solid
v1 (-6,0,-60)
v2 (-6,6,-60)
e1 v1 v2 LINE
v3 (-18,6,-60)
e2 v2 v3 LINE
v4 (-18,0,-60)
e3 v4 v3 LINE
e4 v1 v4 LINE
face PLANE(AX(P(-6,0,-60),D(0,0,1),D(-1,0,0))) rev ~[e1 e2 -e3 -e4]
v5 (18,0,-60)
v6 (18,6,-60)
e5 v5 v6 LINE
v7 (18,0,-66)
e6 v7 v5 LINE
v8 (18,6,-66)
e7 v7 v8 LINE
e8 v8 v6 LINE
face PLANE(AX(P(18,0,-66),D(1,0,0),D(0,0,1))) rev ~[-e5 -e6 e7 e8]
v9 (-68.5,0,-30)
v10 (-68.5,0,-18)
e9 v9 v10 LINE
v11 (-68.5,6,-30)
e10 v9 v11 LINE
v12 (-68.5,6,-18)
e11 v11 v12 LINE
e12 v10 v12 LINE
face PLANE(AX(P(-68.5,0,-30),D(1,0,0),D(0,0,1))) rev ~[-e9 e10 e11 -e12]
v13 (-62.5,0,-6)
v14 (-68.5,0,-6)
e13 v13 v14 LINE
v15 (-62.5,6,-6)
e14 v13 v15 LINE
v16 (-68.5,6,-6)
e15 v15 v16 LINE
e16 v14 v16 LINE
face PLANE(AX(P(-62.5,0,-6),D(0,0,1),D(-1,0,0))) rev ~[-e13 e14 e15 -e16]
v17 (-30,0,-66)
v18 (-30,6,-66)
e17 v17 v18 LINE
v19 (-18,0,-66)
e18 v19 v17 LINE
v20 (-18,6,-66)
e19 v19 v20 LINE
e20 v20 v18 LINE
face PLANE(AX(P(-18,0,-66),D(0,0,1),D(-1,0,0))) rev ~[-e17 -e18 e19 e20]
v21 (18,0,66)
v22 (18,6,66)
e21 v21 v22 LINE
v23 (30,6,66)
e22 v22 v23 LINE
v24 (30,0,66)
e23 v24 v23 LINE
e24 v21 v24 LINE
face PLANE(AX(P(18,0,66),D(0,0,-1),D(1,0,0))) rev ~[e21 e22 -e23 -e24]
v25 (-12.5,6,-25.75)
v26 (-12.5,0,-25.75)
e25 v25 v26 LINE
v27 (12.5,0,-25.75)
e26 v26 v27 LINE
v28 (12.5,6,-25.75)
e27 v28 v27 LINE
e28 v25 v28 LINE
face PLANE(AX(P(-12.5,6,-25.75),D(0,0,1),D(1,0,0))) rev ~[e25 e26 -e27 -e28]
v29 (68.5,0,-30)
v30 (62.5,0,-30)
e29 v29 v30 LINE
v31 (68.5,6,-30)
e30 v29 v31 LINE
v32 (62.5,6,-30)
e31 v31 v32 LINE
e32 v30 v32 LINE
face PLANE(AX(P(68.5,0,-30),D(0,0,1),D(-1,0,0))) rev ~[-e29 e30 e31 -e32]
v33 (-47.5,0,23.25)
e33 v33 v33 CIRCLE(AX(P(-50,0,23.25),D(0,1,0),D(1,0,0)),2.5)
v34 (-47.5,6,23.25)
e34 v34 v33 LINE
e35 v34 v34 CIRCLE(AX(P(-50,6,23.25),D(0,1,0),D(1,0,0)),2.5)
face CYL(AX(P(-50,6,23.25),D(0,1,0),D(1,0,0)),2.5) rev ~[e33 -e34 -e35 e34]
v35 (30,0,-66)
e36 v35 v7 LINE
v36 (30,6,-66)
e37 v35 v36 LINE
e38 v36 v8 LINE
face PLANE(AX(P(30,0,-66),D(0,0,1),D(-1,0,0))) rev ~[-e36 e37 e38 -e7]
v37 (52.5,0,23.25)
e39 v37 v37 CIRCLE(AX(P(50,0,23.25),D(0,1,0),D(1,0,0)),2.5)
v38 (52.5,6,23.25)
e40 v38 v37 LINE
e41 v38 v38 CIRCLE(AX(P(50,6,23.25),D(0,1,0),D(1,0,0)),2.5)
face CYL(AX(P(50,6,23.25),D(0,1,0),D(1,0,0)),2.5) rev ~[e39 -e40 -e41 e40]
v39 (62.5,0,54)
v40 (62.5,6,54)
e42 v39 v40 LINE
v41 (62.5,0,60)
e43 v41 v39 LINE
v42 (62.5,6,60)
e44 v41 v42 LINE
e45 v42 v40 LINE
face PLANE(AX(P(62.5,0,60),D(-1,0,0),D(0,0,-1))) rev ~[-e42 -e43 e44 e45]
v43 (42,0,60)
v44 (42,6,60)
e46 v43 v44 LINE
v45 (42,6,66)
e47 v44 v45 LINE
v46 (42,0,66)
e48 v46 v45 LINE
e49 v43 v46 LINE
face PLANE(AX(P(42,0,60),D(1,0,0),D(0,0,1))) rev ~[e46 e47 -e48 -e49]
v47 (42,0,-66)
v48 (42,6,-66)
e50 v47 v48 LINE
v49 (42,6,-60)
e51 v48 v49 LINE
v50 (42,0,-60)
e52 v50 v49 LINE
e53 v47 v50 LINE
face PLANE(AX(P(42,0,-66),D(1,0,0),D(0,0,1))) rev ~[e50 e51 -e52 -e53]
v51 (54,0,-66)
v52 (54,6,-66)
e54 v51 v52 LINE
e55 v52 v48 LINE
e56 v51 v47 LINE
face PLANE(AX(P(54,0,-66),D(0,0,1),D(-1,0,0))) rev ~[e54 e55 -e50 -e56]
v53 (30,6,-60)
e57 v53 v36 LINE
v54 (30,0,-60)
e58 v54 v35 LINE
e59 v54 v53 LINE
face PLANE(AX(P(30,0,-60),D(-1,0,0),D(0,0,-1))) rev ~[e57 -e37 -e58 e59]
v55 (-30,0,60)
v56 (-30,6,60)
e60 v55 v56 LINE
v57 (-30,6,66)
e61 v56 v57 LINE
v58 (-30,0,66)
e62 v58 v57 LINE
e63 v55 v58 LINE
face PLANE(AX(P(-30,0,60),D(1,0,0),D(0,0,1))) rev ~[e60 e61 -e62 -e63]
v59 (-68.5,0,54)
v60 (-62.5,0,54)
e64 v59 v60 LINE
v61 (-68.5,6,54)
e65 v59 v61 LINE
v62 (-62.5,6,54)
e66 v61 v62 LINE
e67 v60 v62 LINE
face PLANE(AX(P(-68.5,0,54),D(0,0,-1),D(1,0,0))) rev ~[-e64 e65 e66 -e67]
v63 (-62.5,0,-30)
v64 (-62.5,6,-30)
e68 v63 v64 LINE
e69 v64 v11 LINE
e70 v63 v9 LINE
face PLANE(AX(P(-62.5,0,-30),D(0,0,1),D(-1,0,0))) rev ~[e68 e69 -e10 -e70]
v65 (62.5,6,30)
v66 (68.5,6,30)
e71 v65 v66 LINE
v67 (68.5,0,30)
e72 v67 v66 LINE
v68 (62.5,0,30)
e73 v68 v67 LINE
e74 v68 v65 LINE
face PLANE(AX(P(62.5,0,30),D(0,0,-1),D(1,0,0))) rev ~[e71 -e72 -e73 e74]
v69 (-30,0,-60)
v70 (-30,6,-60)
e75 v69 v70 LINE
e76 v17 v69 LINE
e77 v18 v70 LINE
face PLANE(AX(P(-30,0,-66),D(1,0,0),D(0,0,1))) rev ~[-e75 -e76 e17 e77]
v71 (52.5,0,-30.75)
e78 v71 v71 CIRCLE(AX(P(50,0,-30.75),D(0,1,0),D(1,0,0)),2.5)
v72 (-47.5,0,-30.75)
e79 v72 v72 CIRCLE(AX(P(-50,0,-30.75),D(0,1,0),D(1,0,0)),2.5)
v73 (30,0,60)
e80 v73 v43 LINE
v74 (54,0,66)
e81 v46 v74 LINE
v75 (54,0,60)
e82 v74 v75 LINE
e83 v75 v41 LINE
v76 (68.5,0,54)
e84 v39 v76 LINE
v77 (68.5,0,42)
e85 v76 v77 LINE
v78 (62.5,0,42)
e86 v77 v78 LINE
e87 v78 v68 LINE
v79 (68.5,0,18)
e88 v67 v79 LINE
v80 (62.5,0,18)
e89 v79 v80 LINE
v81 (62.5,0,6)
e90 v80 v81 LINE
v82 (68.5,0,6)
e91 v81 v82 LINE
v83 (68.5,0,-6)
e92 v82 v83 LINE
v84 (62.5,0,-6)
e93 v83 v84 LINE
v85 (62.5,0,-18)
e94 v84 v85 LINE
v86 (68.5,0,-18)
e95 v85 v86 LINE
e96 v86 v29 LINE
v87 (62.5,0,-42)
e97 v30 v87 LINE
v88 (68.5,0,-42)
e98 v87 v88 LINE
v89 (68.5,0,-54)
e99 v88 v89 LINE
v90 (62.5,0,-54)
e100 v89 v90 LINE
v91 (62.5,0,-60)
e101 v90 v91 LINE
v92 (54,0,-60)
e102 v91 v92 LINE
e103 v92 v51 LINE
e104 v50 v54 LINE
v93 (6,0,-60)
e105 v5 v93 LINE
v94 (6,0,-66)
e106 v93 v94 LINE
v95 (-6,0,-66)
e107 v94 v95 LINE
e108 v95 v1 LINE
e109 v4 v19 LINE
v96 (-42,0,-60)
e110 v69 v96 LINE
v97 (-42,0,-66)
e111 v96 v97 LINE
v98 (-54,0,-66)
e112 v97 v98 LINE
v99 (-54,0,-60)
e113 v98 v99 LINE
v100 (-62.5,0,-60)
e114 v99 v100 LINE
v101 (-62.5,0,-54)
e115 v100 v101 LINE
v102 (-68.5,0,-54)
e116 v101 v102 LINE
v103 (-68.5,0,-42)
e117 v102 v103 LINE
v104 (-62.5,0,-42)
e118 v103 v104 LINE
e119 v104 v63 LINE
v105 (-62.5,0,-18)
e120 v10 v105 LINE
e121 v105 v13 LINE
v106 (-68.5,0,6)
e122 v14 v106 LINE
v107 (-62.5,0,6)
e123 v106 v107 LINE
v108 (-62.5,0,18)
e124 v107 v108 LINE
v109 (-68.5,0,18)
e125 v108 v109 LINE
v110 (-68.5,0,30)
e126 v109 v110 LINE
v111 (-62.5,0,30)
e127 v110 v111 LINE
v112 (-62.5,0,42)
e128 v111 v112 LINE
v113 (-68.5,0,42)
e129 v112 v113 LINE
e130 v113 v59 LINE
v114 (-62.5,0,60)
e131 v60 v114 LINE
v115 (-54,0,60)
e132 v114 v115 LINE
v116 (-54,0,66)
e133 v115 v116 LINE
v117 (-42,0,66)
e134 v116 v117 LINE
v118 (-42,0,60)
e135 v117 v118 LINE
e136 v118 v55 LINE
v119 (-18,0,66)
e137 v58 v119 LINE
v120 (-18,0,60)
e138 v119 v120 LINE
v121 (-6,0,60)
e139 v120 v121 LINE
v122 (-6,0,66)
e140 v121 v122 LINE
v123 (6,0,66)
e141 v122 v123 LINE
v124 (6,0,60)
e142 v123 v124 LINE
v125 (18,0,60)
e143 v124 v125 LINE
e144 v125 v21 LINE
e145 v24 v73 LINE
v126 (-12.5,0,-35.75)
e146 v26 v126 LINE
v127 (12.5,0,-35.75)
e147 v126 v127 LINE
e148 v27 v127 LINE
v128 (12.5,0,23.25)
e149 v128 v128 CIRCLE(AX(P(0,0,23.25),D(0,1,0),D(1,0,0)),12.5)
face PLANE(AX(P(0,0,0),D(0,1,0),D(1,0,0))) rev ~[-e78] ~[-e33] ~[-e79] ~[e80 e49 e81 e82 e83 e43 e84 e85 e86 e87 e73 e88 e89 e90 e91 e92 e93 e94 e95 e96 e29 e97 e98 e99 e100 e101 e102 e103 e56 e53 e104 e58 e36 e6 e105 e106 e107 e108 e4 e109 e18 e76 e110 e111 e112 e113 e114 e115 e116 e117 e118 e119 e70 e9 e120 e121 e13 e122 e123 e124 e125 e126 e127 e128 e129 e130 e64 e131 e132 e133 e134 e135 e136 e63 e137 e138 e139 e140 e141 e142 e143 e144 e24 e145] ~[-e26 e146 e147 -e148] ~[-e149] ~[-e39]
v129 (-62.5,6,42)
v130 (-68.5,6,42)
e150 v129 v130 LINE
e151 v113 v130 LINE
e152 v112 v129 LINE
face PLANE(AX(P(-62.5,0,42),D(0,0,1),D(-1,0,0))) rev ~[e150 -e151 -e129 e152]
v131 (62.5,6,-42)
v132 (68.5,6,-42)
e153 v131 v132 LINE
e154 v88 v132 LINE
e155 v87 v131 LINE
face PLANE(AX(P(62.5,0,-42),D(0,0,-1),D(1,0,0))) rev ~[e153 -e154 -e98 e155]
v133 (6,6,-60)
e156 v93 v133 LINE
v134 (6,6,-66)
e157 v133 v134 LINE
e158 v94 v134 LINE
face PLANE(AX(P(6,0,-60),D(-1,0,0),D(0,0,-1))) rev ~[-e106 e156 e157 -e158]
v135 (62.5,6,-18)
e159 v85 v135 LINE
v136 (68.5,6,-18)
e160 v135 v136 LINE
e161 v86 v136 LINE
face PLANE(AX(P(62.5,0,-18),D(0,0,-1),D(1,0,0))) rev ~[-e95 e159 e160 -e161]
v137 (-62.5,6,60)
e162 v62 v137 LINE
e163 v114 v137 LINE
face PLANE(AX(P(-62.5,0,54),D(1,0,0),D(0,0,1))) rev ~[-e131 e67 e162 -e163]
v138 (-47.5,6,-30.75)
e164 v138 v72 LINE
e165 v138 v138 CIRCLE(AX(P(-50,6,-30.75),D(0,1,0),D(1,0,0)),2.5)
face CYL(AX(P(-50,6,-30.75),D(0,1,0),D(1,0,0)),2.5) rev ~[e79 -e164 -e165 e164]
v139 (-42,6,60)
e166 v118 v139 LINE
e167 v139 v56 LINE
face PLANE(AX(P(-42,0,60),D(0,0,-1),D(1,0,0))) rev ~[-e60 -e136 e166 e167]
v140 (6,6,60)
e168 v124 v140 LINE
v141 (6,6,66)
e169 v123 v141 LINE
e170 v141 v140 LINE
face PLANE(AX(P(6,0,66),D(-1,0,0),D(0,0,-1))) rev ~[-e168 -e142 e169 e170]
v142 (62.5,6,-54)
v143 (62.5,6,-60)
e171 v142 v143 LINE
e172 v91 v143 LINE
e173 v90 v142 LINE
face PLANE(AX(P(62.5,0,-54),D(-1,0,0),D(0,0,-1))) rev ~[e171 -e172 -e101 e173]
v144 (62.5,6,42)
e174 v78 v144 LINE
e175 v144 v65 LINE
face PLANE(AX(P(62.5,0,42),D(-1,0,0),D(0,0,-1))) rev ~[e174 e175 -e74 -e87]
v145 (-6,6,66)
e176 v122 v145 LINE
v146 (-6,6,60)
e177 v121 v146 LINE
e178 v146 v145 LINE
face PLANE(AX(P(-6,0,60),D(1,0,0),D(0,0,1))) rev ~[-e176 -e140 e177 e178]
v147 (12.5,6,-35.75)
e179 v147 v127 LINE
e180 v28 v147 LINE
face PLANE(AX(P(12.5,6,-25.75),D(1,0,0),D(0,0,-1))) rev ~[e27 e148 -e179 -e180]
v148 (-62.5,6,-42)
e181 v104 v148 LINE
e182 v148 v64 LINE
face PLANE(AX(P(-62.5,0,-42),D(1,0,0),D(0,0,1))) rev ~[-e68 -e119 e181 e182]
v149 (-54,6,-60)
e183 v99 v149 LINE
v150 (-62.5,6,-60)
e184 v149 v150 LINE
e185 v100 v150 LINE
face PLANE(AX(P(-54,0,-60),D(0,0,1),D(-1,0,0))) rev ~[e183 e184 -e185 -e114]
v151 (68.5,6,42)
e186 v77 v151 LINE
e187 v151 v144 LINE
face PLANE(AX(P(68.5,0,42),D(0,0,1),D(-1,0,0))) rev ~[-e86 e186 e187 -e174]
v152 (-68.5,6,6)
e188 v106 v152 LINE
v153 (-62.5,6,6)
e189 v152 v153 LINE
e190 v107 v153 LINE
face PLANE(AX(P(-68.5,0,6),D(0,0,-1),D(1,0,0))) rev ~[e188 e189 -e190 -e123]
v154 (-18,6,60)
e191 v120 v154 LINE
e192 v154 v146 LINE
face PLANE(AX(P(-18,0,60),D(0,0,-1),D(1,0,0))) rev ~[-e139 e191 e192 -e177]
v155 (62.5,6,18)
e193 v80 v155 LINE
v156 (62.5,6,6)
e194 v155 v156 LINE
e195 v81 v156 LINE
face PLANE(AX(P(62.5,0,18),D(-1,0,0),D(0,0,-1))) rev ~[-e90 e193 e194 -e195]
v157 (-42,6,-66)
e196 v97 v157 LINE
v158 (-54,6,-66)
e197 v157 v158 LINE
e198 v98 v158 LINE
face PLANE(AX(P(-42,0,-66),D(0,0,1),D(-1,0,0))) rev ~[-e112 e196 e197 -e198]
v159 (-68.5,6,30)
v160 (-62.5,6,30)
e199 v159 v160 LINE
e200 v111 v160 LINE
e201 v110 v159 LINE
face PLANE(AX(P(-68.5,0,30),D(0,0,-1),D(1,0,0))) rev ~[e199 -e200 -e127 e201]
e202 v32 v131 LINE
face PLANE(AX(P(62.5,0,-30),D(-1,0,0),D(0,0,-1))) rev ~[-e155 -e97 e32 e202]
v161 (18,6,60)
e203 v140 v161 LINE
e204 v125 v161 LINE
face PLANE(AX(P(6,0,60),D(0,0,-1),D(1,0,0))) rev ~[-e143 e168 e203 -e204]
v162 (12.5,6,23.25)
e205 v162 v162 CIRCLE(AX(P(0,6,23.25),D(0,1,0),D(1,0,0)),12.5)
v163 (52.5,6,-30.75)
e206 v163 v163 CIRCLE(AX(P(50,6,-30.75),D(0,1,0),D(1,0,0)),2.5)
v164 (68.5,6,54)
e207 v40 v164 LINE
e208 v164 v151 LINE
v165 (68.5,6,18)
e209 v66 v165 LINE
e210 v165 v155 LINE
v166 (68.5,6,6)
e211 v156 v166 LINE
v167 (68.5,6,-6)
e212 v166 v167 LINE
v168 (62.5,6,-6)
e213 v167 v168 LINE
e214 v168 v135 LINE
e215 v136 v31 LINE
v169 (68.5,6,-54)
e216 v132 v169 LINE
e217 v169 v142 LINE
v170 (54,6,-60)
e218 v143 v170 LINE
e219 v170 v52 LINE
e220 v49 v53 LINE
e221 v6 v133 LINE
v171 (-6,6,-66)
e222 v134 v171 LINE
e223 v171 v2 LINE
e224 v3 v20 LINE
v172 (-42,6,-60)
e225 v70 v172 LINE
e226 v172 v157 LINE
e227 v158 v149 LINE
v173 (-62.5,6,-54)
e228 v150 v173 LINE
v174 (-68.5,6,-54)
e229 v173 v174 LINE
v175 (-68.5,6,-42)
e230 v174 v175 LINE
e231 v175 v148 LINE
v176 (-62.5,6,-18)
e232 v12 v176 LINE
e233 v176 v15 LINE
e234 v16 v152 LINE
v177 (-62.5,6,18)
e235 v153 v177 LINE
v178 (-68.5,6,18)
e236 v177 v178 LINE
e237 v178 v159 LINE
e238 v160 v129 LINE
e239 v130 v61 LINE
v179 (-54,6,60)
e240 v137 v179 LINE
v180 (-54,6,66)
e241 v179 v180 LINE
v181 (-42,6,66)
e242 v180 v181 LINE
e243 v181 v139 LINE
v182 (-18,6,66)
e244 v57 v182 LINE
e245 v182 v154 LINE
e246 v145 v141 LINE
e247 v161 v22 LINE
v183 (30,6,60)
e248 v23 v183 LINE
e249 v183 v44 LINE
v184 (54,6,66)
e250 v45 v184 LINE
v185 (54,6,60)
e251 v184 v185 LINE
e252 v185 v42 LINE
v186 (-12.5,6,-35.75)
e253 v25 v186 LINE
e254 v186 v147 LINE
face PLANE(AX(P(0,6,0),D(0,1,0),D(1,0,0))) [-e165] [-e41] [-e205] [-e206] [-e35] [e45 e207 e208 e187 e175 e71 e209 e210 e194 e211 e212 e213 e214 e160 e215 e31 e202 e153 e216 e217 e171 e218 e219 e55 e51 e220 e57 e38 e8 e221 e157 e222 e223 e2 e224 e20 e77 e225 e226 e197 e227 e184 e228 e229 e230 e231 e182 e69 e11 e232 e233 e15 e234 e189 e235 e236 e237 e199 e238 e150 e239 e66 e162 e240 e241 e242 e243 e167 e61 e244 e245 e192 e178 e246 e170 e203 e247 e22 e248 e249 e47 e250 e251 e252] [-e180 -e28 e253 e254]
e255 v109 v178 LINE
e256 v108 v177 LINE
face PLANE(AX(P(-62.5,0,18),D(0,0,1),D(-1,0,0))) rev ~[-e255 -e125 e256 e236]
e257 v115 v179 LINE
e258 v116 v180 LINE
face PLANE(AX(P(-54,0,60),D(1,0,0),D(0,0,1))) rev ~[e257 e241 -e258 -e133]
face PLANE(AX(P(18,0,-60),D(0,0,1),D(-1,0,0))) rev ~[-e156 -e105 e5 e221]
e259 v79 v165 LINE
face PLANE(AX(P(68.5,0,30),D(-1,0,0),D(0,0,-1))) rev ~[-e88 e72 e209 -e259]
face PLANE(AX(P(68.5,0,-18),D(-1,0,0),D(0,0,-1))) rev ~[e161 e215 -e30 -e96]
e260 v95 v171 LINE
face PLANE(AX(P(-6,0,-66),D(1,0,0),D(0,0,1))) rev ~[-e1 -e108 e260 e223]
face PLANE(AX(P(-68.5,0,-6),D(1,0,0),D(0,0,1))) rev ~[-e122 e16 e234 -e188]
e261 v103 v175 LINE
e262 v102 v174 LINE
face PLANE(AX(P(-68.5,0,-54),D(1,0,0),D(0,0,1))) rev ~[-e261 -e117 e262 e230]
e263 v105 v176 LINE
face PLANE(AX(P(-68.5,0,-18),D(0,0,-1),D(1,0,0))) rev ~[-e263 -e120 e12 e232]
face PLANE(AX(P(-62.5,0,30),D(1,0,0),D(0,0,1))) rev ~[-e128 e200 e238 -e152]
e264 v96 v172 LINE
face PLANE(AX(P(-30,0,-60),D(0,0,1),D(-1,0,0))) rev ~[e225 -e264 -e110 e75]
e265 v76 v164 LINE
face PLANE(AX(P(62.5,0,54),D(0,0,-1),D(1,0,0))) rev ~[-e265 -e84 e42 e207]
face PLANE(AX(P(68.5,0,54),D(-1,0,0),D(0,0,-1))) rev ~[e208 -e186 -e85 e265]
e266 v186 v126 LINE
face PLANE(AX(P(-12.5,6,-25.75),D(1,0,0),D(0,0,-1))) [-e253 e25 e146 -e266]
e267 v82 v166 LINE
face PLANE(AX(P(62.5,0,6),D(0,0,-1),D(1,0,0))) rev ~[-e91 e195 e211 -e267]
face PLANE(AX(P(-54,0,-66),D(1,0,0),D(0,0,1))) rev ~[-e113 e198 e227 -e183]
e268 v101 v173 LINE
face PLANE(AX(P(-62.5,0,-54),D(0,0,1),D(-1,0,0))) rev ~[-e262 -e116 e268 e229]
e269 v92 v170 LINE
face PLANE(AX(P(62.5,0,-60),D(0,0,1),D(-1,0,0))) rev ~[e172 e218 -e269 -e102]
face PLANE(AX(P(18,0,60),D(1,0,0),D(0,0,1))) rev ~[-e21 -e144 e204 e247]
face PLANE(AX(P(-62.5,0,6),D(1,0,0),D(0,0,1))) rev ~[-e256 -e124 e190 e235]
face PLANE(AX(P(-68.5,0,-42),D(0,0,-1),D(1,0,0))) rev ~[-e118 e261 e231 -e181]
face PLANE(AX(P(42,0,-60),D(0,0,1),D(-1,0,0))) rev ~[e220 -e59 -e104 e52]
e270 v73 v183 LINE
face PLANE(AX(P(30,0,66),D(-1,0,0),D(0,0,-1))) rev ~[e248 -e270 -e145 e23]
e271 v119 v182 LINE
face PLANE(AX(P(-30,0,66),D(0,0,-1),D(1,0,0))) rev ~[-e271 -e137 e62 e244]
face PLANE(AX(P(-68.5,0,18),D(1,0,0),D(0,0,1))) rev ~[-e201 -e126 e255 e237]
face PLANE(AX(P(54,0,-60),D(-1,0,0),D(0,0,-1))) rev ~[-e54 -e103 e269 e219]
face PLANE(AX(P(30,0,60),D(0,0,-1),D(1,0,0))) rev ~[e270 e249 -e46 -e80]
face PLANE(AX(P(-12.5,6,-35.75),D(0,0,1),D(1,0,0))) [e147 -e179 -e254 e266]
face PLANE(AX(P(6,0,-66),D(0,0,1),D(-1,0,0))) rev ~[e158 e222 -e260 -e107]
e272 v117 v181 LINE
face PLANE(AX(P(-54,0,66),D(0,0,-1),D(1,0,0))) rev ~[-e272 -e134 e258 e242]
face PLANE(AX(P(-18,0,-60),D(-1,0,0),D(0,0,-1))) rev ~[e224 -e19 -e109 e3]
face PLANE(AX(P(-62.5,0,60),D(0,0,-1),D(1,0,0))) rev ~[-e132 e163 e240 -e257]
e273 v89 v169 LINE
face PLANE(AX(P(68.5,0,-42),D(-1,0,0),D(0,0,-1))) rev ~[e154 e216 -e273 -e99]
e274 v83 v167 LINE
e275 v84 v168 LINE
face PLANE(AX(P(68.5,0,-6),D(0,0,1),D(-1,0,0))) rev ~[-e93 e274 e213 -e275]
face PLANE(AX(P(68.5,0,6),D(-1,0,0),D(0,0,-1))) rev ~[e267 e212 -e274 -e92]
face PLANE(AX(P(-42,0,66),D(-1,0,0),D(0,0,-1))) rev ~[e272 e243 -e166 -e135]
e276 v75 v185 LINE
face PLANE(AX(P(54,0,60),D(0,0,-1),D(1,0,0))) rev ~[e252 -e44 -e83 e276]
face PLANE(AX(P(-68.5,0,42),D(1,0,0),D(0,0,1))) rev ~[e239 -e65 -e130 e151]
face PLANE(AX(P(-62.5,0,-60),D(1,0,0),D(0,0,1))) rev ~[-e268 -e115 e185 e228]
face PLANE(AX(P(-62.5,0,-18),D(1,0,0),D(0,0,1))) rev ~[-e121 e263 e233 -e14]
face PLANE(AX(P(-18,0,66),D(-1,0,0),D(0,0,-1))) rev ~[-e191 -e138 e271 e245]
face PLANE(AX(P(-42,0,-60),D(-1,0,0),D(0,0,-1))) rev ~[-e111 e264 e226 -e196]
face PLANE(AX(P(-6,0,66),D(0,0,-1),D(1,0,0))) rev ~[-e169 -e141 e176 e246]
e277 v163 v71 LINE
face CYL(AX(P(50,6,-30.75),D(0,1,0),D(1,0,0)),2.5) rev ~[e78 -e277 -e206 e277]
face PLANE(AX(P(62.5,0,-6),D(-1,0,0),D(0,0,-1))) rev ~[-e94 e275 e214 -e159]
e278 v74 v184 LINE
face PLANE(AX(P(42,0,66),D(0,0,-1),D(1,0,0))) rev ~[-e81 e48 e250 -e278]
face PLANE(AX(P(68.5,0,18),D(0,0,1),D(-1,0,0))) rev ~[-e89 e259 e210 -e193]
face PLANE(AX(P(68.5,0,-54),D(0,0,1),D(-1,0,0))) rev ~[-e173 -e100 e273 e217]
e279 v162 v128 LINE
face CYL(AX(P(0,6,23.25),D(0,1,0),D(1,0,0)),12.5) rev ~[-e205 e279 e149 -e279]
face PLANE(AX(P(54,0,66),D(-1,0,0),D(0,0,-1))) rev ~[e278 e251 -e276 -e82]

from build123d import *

# Parameters (mm, degrees)
BOSS_EXTRUDE2_DEPTH = 6
SKETCH2_R           = 2.5
SKETCH2_R_2         = 12.5
SKETCH2_W           = 25
SKETCH2_H           = 10
CUT_EXTRUDE2_DEPTH  = 6


with BuildPart() as part:
    # Sketch1 → Boss-Extrude2 (new body)
    with BuildSketch(Plane(origin=(0, 0, 0), x_dir=(1, 0, 0), z_dir=(0, 1, 0))):
        Polygon((-62.5, -60), (-54, -60), (-54, -66), (-42, -66), (-42, -60), (-30, -60), (-30, -66), (-18, -66), (-18, -60), (-6, -60), (-6, -66), (6, -66), (6, -60), (18, -60), (18, -66), (30, -66), (30, -60), (42, -60), (42, -66), (54, -66), (54, -60), (62.5, -60), (62.5, -54), (68.5, -54), (68.5, -42), (62.5, -42), (62.5, -30), (68.5, -30), (68.5, -18), (62.5, -18), (62.5, -6), (68.5, -6), (68.5, 6), (62.5, 6), (62.5, 18), (68.5, 18), (68.5, 30), (62.5, 30), (62.5, 42), (68.5, 42), (68.5, 54), (62.5, 54), (62.5, 60), (54, 60), (54, 66), (42, 66), (42, 60), (30, 60), (30, 66), (18, 66), (18, 60), (6, 60), (6, 66), (-6, 66), (-6, 60), (-18, 60), (-18, 66), (-30, 66), (-30, 60), (-42, 60), (-42, 66), (-54, 66), (-54, 60), (-62.5, 60), (-62.5, 54), (-68.5, 54), (-68.5, 42), (-62.5, 42), (-62.5, 30), (-68.5, 30), (-68.5, 18), (-62.5, 18), (-62.5, 6), (-68.5, 6), (-68.5, -6), (-62.5, -6), (-62.5, -18), (-68.5, -18), (-68.5, -30), (-62.5, -30), (-62.5, -42), (-68.5, -42), (-68.5, -54), (-62.5, -54), align=None)
    extrude(amount=BOSS_EXTRUDE2_DEPTH)

    # Sketch2 → Cut-Extrude2 (cut)
    with BuildSketch(Plane(origin=(0, 6, 0), x_dir=(1, 0, 0), z_dir=(0, 1, 0))):
        with Locations((-50, -23.25)):
            Circle(SKETCH2_R)
        with Locations((0, -23.25)):
            Circle(SKETCH2_R_2)
        with Locations((50, -23.25)):
            Circle(SKETCH2_R)
        with Locations((-50, 30.75)):
            Circle(SKETCH2_R)
        with Locations((0, 30.75)):
            Rectangle(SKETCH2_W, SKETCH2_H)
        with Locations((50, 30.75)):
            Circle(SKETCH2_R)
    extrude(amount=-CUT_EXTRUDE2_DEPTH, mode=Mode.SUBTRACT)


solid = part.part
